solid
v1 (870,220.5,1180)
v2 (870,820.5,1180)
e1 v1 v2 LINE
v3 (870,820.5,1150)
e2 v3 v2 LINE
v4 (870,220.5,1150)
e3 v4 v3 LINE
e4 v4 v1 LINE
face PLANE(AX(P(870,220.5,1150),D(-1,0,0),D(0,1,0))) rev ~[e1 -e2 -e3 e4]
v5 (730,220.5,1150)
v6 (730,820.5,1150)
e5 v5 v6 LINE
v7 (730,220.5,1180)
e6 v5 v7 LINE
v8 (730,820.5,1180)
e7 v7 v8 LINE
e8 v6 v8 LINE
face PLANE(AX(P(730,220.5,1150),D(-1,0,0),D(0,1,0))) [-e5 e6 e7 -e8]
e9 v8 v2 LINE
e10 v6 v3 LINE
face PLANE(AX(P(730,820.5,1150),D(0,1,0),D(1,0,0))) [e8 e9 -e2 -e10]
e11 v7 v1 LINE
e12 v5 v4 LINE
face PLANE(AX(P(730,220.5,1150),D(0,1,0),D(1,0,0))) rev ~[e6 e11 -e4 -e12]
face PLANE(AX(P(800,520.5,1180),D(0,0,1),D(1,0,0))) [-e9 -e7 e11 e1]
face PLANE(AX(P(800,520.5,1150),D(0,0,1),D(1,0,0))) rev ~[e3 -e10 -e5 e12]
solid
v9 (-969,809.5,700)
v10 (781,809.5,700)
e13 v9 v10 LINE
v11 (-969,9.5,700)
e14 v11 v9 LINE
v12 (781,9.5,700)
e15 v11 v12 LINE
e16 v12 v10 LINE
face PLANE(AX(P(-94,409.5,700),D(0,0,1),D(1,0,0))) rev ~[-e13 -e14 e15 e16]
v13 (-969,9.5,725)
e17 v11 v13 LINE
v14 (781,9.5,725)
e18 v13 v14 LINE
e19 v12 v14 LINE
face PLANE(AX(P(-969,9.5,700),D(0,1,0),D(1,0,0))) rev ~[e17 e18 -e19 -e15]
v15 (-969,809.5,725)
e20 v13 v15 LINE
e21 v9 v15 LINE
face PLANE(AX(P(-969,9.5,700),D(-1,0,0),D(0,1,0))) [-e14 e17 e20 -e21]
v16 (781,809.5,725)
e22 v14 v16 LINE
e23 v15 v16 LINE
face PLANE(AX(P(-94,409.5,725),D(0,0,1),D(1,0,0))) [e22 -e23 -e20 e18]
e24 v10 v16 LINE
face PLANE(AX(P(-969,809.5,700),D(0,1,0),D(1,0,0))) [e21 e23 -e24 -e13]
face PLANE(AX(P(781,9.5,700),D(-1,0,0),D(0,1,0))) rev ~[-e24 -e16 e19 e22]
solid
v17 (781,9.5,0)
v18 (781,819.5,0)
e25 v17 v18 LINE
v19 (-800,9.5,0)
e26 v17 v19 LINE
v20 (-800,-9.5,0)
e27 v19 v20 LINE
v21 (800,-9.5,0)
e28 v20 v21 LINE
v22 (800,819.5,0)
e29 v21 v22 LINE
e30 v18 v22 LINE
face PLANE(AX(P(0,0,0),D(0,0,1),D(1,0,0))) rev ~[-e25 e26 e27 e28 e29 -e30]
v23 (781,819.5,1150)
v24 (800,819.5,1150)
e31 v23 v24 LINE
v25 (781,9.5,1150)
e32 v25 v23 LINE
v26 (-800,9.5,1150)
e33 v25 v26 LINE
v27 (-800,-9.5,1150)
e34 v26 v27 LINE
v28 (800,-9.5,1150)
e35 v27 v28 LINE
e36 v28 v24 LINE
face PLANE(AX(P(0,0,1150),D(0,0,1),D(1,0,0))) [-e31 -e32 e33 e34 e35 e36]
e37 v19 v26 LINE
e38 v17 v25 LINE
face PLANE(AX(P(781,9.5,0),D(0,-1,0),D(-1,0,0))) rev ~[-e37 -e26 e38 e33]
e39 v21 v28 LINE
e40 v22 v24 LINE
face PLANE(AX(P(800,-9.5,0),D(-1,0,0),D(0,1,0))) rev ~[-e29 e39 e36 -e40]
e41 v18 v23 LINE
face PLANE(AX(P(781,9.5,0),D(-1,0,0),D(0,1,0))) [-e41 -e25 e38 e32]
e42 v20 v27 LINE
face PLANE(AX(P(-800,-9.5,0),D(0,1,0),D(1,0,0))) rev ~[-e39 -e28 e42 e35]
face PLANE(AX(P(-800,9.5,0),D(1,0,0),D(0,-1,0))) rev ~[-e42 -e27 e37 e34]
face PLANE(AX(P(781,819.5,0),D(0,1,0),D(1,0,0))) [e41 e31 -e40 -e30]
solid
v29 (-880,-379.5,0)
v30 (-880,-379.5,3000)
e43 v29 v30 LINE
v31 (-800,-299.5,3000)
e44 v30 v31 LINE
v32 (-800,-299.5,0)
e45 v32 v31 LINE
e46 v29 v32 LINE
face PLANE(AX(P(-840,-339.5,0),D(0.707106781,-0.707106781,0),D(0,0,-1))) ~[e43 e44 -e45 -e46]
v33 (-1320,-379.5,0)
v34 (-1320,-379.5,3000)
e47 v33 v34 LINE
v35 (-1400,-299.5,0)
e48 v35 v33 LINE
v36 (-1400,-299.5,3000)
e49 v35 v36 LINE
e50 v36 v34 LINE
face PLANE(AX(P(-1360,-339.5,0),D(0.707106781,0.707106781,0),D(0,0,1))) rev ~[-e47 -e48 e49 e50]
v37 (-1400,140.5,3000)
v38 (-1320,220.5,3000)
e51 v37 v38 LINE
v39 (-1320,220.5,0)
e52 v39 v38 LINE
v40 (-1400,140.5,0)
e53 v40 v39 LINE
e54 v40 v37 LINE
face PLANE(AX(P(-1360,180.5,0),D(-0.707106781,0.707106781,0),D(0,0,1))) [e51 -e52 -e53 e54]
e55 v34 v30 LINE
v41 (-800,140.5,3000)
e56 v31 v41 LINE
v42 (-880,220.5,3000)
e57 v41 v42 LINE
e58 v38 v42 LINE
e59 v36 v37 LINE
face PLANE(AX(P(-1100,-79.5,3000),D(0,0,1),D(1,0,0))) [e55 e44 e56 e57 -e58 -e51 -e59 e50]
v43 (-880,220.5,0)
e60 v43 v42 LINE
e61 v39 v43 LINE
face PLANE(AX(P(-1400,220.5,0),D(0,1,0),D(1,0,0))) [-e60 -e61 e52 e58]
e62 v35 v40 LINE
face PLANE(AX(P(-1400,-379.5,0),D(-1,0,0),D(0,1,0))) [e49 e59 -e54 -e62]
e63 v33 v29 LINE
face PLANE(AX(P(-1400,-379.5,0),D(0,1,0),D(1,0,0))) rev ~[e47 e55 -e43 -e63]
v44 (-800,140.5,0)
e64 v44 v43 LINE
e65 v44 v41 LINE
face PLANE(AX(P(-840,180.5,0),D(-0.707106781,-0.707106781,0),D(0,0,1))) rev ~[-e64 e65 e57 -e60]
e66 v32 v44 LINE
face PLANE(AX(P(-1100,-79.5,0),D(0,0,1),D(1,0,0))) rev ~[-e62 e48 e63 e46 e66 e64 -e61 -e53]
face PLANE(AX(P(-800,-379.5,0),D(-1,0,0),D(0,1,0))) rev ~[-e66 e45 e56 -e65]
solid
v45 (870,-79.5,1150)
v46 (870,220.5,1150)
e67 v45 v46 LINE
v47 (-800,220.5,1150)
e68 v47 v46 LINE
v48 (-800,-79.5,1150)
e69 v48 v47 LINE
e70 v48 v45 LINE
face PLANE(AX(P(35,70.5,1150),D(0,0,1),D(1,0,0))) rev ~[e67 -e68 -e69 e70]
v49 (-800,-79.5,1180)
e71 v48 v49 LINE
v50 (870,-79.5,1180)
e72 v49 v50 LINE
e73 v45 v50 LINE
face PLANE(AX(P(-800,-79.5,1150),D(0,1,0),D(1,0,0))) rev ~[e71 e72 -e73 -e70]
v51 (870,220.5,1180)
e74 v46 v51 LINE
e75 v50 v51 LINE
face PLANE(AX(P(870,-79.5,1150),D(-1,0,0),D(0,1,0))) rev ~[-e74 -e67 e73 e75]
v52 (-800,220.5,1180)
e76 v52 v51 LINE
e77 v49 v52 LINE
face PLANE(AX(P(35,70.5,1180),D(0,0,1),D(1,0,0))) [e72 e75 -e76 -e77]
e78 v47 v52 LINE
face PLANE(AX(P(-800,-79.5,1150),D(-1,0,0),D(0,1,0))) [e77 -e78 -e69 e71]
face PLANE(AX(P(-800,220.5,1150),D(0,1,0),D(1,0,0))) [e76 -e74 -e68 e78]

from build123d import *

# Parameters (mm, degrees)
F0_W      = 19
F0_H      = 810
F1_DEPTH  = 1150
F3_W      = 1750
F3_H      = 800
F4_DEPTH  = 25
F6_W      = 1670
F6_H      = 300
F7_DEPTH  = 30
F8_W      = 140
F8_H      = 600
F9_DEPTH  = 30
F10_W     = 600
F10_H     = 600
F11_DEPTH = 3000
F12_SIZE  = 80


with BuildPart() as f1:
    # F0 (on Top) → F1 (new body)
    with BuildSketch(Plane.XY):
        Polygon((800, -9.5), (800, 9.5), (781, 9.5), (-800, 9.5), (-800, -9.5), align=None)
        with Locations((790.5, 414.5)):
            Rectangle(F0_W, F0_H)
    extrude(amount=F1_DEPTH)


with BuildPart() as f4:
    # F3 (on offset) → F4 (new body)
    with BuildSketch(Plane.XY.offset(700)):
        with Locations((-94, 409.5)):
            Rectangle(F3_W, F3_H)
    extrude(amount=F4_DEPTH)


with BuildPart() as f7:
    # F6 (on offset) → F7 (new body)
    with BuildSketch(Plane.XY.offset(1150)):
        with Locations((35, 70.5)):
            Rectangle(F6_W, F6_H)
    extrude(amount=F7_DEPTH)


with BuildPart() as f9:
    # F8 (on offset) → F9 (new body)
    with BuildSketch(Plane.XY.offset(1150)):
        with Locations((800, 520.5)):
            Rectangle(F8_W, F8_H)
    extrude(amount=F9_DEPTH)


with BuildPart() as f11:
    # F10 (on Top) → F11 (new body)
    with BuildSketch(Plane.XY):
        with Locations((-1100, -79.5)):
            Rectangle(F10_W, F10_H)
    extrude(amount=F11_DEPTH)

    # F12
    f12_edges = [f11.edges().sort_by_distance(p)[0] for p in [
        (-800, 220.5, 1500),
        (-800, -379.5, 1500),
        (-1400, 220.5, 1500),
        (-1400, -379.5, 1500),
    ]]
    chamfer(f12_edges, length=F12_SIZE)


solid = Compound([f1.part, f4.part, f7.part, f9.part, f11.part])
